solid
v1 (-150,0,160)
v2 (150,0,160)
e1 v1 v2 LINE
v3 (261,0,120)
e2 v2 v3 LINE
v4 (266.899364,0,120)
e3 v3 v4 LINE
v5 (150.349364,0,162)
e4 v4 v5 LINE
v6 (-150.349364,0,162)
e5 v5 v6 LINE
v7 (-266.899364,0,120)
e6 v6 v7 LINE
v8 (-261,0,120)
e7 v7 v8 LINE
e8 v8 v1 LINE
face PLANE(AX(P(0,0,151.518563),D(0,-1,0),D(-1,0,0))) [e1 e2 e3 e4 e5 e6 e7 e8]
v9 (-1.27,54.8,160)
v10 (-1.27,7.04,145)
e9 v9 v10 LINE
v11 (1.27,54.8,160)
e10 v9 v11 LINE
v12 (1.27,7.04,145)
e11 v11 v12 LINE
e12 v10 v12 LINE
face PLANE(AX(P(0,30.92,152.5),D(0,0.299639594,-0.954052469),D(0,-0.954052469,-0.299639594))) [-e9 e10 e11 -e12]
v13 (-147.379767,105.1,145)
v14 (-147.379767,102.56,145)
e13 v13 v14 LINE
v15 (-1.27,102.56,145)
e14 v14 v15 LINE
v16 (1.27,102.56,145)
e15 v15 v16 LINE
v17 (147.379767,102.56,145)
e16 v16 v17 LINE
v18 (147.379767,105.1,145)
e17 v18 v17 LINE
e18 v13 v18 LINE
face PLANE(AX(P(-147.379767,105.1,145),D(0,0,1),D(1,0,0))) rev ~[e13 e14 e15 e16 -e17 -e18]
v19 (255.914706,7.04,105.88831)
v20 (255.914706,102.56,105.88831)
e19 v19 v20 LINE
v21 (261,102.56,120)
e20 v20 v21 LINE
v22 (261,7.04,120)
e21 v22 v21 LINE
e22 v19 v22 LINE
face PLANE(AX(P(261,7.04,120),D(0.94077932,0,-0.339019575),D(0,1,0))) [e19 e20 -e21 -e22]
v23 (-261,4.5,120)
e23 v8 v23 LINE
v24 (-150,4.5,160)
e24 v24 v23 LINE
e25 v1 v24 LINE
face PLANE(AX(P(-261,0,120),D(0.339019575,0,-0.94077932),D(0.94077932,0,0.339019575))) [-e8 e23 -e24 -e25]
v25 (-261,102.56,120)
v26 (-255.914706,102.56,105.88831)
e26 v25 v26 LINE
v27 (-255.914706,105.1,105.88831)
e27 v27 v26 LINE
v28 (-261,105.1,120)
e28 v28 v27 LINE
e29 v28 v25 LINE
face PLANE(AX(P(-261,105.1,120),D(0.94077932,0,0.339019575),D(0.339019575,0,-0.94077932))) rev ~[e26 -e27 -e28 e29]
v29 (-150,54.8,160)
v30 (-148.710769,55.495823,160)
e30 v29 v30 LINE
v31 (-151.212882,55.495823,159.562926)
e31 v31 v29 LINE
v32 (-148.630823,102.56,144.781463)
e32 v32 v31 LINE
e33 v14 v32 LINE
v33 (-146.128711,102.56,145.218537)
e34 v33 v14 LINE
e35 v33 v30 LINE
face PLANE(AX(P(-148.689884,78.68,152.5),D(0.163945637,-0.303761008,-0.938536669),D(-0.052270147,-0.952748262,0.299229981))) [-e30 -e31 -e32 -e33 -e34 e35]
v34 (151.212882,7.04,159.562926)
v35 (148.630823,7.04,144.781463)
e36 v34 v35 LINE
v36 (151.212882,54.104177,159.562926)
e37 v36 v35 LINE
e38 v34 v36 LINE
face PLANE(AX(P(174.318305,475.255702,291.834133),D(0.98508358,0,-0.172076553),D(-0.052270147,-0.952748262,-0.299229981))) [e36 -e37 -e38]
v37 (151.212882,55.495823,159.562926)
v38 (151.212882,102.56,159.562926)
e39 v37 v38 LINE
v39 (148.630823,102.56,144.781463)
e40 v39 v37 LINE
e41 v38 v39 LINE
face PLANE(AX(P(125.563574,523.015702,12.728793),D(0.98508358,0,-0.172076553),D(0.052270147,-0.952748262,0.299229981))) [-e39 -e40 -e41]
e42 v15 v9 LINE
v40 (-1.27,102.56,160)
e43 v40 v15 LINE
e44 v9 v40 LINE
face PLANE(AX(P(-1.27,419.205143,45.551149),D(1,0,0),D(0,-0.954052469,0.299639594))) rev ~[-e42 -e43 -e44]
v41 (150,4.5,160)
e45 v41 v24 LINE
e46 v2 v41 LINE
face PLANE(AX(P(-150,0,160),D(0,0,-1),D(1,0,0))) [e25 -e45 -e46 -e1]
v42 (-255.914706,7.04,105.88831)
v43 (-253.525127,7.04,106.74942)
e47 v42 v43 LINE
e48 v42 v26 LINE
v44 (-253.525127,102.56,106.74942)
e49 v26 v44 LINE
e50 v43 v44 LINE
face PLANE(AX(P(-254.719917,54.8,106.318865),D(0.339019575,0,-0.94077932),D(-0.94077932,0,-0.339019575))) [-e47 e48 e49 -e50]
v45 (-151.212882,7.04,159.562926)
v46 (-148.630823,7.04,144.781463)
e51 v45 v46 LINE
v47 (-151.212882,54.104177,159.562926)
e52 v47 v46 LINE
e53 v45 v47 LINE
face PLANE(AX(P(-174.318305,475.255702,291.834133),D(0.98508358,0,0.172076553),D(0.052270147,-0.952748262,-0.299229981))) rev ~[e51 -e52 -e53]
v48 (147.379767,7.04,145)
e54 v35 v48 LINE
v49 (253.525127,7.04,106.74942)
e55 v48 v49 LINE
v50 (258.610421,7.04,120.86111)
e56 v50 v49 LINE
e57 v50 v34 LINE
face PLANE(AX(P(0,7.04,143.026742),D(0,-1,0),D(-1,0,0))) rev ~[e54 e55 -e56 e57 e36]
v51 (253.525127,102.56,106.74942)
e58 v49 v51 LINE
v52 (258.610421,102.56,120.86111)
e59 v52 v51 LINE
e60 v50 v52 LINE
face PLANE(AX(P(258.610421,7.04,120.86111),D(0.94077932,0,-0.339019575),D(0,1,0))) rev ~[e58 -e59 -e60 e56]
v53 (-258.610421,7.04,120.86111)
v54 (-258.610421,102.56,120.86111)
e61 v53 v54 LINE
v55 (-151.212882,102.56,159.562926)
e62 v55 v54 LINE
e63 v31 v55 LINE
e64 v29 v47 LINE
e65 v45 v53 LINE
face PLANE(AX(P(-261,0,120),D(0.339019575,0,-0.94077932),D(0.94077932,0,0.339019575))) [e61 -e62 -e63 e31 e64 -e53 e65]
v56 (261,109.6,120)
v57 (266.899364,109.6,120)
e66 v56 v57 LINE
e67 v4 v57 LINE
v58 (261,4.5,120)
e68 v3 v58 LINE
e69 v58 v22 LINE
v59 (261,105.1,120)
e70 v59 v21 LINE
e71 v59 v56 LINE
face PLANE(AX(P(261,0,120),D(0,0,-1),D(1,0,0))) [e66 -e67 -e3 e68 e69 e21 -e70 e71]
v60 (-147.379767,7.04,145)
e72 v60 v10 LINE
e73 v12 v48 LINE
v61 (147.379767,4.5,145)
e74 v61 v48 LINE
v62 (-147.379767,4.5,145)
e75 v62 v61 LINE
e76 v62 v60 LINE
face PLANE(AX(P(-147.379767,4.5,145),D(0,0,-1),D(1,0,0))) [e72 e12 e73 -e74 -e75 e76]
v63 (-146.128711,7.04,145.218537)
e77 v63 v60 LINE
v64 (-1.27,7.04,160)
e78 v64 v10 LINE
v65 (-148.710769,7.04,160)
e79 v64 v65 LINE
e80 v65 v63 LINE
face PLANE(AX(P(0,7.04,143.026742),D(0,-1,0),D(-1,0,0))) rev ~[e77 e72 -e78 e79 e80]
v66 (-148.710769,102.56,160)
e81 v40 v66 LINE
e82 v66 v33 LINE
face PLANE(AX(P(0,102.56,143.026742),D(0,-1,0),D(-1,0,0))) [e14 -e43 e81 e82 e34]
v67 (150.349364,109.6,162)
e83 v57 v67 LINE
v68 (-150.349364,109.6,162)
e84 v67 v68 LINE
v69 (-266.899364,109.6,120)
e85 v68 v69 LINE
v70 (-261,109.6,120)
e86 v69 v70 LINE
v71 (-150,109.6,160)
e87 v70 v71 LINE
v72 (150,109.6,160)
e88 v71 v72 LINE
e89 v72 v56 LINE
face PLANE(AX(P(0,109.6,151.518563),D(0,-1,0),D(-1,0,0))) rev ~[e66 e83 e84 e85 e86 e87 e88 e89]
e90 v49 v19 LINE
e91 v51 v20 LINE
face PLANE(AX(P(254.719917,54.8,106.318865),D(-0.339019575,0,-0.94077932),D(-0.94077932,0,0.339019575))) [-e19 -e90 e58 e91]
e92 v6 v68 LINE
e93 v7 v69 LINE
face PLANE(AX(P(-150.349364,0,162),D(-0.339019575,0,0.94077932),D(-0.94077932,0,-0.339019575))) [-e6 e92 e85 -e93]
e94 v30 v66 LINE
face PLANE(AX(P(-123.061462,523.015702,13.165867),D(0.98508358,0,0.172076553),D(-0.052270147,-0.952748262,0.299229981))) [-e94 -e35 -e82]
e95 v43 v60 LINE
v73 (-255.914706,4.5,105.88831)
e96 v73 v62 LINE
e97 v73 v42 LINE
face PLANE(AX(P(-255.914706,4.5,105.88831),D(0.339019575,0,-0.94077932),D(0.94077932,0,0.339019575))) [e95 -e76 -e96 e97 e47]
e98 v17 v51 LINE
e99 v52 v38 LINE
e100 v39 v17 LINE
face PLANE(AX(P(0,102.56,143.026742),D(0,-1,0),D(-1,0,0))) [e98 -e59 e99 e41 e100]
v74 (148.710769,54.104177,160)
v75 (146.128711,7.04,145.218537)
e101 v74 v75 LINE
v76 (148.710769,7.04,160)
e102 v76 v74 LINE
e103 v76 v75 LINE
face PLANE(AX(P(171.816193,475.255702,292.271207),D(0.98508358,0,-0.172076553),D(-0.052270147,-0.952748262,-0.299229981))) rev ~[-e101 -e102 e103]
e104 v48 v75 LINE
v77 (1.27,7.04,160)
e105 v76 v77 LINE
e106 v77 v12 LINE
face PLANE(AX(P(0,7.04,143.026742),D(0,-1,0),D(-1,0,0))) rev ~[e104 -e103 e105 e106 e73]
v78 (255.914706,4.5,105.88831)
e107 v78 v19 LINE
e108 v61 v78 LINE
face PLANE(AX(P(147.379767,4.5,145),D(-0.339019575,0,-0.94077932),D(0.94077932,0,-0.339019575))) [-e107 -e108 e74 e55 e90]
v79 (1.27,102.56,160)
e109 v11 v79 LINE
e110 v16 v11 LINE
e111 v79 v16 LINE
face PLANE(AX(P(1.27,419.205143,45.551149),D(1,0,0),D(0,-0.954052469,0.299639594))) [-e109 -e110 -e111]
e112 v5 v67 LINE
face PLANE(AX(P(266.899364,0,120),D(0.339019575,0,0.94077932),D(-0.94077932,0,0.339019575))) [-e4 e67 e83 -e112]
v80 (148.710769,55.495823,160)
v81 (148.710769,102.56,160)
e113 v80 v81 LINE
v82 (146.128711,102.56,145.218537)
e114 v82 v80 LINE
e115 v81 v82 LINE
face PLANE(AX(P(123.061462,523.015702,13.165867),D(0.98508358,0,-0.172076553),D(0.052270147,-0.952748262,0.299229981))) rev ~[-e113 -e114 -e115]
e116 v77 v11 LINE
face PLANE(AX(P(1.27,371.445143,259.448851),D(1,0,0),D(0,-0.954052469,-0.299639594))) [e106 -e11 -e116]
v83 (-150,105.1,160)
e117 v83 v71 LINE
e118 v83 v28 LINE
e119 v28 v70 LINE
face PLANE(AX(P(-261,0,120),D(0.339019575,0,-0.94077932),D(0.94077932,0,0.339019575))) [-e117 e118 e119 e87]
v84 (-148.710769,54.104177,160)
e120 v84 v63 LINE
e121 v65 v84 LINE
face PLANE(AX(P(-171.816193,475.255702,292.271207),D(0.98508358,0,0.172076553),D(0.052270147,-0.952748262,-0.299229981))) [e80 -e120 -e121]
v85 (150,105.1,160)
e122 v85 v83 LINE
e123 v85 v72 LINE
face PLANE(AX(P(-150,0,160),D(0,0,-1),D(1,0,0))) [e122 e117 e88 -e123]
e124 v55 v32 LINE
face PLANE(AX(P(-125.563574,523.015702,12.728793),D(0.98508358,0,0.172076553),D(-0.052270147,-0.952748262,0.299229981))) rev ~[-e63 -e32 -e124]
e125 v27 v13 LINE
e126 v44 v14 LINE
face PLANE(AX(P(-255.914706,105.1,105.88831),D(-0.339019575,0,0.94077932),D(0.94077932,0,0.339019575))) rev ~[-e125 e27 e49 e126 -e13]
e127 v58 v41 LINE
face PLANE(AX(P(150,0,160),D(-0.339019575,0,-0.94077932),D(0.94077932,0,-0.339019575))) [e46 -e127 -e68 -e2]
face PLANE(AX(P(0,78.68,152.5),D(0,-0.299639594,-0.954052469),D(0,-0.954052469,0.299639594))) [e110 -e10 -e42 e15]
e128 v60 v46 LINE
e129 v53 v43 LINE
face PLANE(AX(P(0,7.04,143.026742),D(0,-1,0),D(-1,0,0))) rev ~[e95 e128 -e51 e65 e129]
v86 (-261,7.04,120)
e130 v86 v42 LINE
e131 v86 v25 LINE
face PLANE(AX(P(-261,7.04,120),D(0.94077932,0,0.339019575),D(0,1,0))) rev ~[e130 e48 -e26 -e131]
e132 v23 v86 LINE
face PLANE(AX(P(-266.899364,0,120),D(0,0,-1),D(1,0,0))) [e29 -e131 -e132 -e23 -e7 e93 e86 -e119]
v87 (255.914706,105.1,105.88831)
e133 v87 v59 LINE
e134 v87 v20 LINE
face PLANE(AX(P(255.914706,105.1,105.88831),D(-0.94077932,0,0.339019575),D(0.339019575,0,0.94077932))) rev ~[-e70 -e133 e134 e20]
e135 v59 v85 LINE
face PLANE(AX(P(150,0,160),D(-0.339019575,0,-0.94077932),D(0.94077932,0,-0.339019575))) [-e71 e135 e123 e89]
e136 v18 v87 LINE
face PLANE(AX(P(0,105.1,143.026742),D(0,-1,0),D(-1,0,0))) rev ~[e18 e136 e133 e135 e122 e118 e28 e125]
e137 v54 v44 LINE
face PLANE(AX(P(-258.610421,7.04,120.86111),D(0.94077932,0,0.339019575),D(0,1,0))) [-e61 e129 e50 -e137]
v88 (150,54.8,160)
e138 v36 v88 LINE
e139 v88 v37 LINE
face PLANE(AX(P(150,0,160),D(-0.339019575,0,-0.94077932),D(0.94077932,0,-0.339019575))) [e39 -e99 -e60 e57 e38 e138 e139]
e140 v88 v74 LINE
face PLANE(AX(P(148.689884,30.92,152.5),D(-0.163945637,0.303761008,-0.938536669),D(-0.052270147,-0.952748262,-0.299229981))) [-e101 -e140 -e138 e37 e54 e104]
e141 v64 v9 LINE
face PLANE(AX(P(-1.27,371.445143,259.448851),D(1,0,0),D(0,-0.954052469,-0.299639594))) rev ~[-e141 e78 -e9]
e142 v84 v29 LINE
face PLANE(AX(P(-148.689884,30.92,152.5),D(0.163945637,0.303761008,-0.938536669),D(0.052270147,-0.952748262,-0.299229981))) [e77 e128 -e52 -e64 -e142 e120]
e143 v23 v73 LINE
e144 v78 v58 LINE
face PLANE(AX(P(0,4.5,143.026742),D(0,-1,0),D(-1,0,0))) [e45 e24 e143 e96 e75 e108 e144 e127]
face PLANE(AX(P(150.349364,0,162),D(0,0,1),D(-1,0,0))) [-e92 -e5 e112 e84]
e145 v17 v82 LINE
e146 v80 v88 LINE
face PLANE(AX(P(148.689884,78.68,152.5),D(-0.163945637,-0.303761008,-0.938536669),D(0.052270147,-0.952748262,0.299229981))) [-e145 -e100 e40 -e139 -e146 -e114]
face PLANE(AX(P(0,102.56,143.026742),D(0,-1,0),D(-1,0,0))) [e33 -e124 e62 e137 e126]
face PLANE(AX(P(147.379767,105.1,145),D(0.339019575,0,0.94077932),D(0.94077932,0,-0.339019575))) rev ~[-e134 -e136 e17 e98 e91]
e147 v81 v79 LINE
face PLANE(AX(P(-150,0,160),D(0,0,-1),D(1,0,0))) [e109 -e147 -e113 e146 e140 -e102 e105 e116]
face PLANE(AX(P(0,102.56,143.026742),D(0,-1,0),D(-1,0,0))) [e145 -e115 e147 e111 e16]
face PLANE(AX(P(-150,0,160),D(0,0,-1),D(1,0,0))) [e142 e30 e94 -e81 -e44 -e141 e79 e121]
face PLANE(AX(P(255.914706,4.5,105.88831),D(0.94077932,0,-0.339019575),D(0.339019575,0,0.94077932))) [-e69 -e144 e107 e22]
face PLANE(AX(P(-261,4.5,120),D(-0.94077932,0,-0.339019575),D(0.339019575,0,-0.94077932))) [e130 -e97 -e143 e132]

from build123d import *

# Parameters (mm, degrees)
BOSS_EXTRUDE1_DEPTH = 109.600000002
BOSS_EXTRUDE2_DEPTH = 2.54
BOSS_EXTRUDE3_DEPTH = 2.54
RIB2_REACH          = 442.308
SKETCH5_WALL_W      = 932.745237508
SKETCH5_WALL_H      = 2.54
RIB3_REACH          = 442.308
SKETCH6_WALL_W      = 932.745237508
SKETCH6_WALL_H      = 2.54
RIB4_REACH          = 442.308
SKETCH7_WALL_W      = 932.745237508
SKETCH7_WALL_H      = 2.54
RIB5_REACH          = 442.308
SKETCH8_WALL_W      = 932.745237508
SKETCH8_WALL_H      = 2.54
RIB6_REACH          = 332.895
SKETCH13_WALL_W     = 713.849927416
SKETCH13_WALL_H     = 2.54
RIB7_REACH          = 332.895
SKETCH14_WALL_W     = 713.849927416
SKETCH14_WALL_H     = 2.54
SKETCH15_W          = 2.54
SKETCH15_H          = 95.520000222
BOSS_EXTRUDE4_DEPTH = 15
SKETCH16_W          = 2.54
SKETCH16_H          = 95.520000222
BOSS_EXTRUDE5_DEPTH = 15


with BuildPart() as part:
    # Sketch1 → Boss-Extrude1 (new body)
    with BuildSketch(Plane(origin=(0, 0, 0), x_dir=(1, 0, 0), z_dir=(0, 1, 0))):
        Polygon((-261, -120), (-150, -160), (150, -160), (261, -120), (266.899364373, -120), (150.349364373, -162), (-150.349364373, -162), (-266.899364373, -120), align=None)
    extrude(amount=BOSS_EXTRUDE1_DEPTH)

    # Sketch2 → Boss-Extrude2 (add)
    with BuildSketch(Plane(origin=(0, 4.49999989, 0), x_dir=(1, 0, 0), z_dir=(0, 1, 0))):
        Polygon((147.379767206, -145), (255.914706381, -105.888310207), (261, -120), (150, -160), (-150, -160), (-261, -120), (-255.914706381, -105.888310207), (-147.379767206, -145), align=None)
    extrude(amount=BOSS_EXTRUDE2_DEPTH)

    # Sketch4 → Boss-Extrude3 (add)
    with BuildSketch(Plane(origin=(0, 105.100000112, 0), x_dir=(1, 0, 0), z_dir=(0, 1, 0))):
        Polygon((-255.914706381, -105.888310207), (-147.379767206, -145), (147.379767206, -145), (255.914706381, -105.888310207), (261, -120), (150, -160), (-150, -160), (-261, -120), align=None)
    extrude(amount=-BOSS_EXTRUDE3_DEPTH)

    # Sketch5 wall → Rib2 (add, up to next)
    with BuildSketch(Plane(origin=(-148.689883603, 78.680000057, 152.5), x_dir=(-0.052270147277, -0.952748261703, 0.299229980995), z_dir=(0.163945637159, -0.303761007739, -0.938536668561)), mode=Mode.PRIVATE) as rib2_sk1:
        Rectangle(SKETCH5_WALL_W, SKETCH5_WALL_H)
    rib2_tool1 = extrude(rib2_sk1.sketch, amount=-RIB2_REACH, mode=Mode.PRIVATE) - part.part
    add(rib2_tool1.solids().sort_by_distance((-148.689883603, 78.680000057, 152.5))[0])

    # Sketch6 wall → Rib3 (add, up to next)
    with BuildSketch(Plane(origin=(-148.689883603, 30.919999945, 152.5), x_dir=(0.052270147277, -0.952748261703, -0.299229980995), z_dir=(0.163945637159, 0.303761007739, -0.938536668561)), mode=Mode.PRIVATE) as rib3_sk1:
        Rectangle(SKETCH6_WALL_W, SKETCH6_WALL_H)
    rib3_tool1 = extrude(rib3_sk1.sketch, amount=-RIB3_REACH, mode=Mode.PRIVATE) - part.part
    add(rib3_tool1.solids().sort_by_distance((-148.689883603, 30.919999945, 152.5))[0])

    # Sketch7 wall → Rib4 (add, up to next)
    with BuildSketch(Plane(origin=(148.689883603, 78.680000057, 152.5), x_dir=(0.052270147277, -0.952748261703, 0.299229980995), z_dir=(-0.163945637159, -0.303761007739, -0.938536668561)), mode=Mode.PRIVATE) as rib4_sk1:
        Rectangle(SKETCH7_WALL_W, SKETCH7_WALL_H)
    rib4_tool1 = extrude(rib4_sk1.sketch, amount=-RIB4_REACH, mode=Mode.PRIVATE) - part.part
    add(rib4_tool1.solids().sort_by_distance((148.689883603, 78.680000057, 152.5))[0])

    # Sketch8 wall → Rib5 (add, up to next)
    with BuildSketch(Plane(origin=(148.689883603, 30.919999945, 152.5), x_dir=(-0.052270147277, -0.952748261703, -0.299229980995), z_dir=(-0.163945637159, 0.303761007739, -0.938536668561)), mode=Mode.PRIVATE) as rib5_sk1:
        Rectangle(SKETCH8_WALL_W, SKETCH8_WALL_H)
    rib5_tool1 = extrude(rib5_sk1.sketch, amount=-RIB5_REACH, mode=Mode.PRIVATE) - part.part
    add(rib5_tool1.solids().sort_by_distance((148.689883603, 30.919999945, 152.5))[0])

    # Sketch13 wall → Rib6 (add, up to next)
    with BuildSketch(Plane(origin=(0, 78.680000057, 152.5), x_dir=(0, -0.954052469095, 0.299639593869), z_dir=(0, -0.299639593869, -0.954052469095)), mode=Mode.PRIVATE) as rib6_sk1:
        Rectangle(SKETCH13_WALL_W, SKETCH13_WALL_H)
    rib6_tool1 = extrude(rib6_sk1.sketch, amount=-RIB6_REACH, mode=Mode.PRIVATE) - part.part
    add(rib6_tool1.solids().sort_by_distance((0, 78.680000057, 152.5))[0])

    # Sketch14 wall → Rib7 (add, up to next)
    with BuildSketch(Plane(origin=(0, 30.919999945, 152.5), x_dir=(0, -0.954052469095, -0.299639593869), z_dir=(0, 0.299639593869, -0.954052469095)), mode=Mode.PRIVATE) as rib7_sk1:
        Rectangle(SKETCH14_WALL_W, SKETCH14_WALL_H)
    rib7_tool1 = extrude(rib7_sk1.sketch, amount=-RIB7_REACH, mode=Mode.PRIVATE) - part.part
    add(rib7_tool1.solids().sort_by_distance((0, 30.919999945, 152.5))[0])

    # Sketch15 → Boss-Extrude4 (add)
    with BuildSketch(Plane(origin=(68.270957546, 0, 189.451907191), x_dir=(-0.9407793195201408, 0, 0.33901957460185245), z_dir=(-0.3390195746018524, 0, -0.9407793195201407))):
        with Locations((-203.591053443, 54.800000001)):
            Rectangle(SKETCH15_W, SKETCH15_H)
    extrude(amount=BOSS_EXTRUDE4_DEPTH)

    # Sketch16 → Boss-Extrude5 (add)
    with BuildSketch(Plane(origin=(-68.270957546, 0, 189.451907191), x_dir=(-0.9407793195201407, 0, -0.3390195746018526), z_dir=(0.3390195746018526, 0, -0.9407793195201408))):
        with Locations((203.591053443, 54.800000001)):
            Rectangle(SKETCH16_W, SKETCH16_H)
    extrude(amount=BOSS_EXTRUDE5_DEPTH)


solid = part.part
